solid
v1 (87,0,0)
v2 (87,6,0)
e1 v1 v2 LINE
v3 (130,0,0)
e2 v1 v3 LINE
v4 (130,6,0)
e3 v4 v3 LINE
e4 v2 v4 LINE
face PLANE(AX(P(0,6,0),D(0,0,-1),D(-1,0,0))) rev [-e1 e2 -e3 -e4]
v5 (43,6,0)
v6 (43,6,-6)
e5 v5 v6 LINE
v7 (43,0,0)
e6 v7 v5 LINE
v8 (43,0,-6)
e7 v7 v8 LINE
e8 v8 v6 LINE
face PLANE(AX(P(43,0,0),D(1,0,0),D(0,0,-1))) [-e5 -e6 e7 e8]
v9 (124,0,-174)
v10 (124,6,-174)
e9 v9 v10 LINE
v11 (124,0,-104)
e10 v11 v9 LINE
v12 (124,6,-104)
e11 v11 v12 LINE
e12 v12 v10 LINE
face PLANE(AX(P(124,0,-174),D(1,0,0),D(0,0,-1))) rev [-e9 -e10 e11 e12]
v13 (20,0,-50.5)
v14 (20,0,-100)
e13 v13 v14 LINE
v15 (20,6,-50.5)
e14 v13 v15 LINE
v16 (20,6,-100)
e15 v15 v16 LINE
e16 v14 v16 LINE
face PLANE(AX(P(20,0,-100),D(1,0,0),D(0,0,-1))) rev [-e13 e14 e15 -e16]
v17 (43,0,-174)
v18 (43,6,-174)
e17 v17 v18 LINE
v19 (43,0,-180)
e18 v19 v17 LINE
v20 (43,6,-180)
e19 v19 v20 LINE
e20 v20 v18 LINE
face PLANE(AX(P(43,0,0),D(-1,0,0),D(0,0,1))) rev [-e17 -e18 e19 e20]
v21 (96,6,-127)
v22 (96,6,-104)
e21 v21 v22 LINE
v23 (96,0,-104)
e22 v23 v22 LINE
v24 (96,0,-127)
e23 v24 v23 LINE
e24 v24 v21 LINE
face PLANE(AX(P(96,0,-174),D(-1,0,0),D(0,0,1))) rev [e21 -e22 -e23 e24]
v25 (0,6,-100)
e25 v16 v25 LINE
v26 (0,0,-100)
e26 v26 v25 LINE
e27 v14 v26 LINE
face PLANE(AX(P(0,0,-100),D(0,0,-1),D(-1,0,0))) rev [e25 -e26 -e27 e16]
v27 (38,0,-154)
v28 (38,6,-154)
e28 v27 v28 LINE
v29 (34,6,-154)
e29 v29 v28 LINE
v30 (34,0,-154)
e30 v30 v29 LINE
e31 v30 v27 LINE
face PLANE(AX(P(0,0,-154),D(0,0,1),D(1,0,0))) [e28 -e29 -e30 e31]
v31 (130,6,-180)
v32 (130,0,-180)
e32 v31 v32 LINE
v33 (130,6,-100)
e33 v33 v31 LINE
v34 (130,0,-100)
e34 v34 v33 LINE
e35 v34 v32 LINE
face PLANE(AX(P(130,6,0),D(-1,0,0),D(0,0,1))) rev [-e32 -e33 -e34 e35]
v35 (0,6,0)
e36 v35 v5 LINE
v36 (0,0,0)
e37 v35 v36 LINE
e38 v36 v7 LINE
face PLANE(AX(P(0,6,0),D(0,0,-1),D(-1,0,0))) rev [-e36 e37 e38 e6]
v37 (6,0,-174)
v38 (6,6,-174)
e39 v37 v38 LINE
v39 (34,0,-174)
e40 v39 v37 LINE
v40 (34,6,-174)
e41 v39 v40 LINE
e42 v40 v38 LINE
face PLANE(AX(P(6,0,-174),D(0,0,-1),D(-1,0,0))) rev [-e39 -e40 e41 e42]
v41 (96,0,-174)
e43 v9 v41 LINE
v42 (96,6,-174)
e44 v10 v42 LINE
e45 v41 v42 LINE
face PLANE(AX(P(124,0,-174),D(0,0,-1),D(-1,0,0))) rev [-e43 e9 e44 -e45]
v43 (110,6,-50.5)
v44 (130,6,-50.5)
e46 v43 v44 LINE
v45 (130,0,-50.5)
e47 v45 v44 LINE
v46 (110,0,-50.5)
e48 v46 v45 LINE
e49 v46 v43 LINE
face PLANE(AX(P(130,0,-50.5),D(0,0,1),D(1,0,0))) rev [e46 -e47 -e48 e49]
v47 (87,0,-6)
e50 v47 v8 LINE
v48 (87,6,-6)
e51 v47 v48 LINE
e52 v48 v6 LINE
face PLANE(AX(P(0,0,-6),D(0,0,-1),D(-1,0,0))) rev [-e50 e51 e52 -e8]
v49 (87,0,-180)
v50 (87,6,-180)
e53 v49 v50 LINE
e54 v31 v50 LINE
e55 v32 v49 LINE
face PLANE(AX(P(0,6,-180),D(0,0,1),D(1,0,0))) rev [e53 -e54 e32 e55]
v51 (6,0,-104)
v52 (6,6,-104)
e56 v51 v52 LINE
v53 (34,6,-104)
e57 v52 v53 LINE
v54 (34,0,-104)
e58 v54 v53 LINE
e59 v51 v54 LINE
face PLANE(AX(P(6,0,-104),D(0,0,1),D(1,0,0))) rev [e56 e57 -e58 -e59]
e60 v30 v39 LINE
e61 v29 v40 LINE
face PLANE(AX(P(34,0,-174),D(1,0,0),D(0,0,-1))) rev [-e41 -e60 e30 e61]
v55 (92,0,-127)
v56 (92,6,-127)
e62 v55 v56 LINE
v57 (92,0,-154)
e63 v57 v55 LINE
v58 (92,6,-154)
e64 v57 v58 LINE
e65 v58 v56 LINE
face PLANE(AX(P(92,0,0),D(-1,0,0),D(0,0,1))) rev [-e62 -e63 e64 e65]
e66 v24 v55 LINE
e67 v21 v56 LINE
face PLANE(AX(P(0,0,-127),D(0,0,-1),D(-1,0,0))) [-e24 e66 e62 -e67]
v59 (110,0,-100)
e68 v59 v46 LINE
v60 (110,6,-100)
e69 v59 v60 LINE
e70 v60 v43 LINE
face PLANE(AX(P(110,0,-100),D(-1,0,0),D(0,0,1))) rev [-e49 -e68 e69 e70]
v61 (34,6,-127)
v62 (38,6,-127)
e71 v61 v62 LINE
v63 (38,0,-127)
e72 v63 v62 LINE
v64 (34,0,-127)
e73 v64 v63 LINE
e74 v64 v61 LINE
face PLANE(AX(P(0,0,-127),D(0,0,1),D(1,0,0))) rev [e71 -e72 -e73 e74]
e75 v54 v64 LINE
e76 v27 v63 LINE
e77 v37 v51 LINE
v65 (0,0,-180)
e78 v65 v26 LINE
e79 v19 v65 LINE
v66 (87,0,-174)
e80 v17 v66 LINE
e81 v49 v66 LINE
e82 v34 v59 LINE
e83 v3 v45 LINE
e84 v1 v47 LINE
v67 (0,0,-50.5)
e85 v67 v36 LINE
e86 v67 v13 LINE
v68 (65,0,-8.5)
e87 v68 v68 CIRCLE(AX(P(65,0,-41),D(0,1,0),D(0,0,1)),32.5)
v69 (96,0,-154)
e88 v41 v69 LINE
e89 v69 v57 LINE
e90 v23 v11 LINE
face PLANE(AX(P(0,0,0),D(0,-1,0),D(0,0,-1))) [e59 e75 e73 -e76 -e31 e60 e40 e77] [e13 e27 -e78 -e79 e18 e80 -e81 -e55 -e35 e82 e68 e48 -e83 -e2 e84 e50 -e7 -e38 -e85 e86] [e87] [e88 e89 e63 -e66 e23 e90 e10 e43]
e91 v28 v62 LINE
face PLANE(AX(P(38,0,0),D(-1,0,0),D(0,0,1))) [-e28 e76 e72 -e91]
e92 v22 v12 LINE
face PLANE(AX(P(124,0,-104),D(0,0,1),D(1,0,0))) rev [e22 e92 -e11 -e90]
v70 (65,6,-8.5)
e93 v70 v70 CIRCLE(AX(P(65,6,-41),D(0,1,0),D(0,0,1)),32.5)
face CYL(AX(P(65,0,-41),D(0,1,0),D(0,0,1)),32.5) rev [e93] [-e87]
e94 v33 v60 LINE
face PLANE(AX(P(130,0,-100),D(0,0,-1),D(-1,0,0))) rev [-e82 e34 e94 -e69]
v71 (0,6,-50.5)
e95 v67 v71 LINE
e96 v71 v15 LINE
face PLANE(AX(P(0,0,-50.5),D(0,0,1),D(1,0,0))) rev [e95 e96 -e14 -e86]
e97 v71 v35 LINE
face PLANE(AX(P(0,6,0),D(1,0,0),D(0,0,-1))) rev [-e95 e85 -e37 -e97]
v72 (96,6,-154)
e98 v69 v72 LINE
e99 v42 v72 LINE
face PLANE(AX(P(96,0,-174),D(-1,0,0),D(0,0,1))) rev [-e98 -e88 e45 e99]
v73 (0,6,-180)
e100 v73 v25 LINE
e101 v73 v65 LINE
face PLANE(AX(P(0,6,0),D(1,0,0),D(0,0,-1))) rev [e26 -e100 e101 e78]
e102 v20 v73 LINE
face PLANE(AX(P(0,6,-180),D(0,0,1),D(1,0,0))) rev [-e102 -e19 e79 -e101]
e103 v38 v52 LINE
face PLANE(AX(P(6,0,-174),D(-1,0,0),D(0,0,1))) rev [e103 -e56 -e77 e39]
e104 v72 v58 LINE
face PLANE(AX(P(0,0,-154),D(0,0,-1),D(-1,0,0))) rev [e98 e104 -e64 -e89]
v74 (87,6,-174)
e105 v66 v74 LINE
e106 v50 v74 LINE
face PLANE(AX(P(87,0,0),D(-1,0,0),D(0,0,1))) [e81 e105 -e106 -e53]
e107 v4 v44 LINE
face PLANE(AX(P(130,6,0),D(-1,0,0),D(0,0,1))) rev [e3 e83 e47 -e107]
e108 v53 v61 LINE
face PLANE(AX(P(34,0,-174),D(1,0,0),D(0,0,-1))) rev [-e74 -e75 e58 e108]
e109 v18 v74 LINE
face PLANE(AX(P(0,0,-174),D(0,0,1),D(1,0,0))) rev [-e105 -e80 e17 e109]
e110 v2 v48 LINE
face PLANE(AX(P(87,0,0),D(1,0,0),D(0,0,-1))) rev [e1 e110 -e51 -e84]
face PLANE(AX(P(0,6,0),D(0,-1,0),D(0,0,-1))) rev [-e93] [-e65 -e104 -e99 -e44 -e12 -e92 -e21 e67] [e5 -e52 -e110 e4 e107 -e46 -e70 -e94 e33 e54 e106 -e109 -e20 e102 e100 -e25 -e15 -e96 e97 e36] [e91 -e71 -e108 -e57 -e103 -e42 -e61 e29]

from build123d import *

# Parameters (mm, degrees)
SKETCH1_W           = 130
SKETCH1_H           = 180
BOSS_EXTRUDE1_DEPTH = 6
SKETCH2_R           = 32.5
SKETCH2_W           = 28
SKETCH2_H           = 70
CUT_EXTRUDE2_DEPTH  = 6
SKETCH3_W           = 20
SKETCH3_H           = 49.5
CUT_EXTRUDE3_DEPTH  = 223.117086241
SKETCH4_W           = 44
SKETCH4_H           = 6
SKETCH4_W_2         = 4
SKETCH4_H_2         = 27
CUT_EXTRUDE4_DEPTH  = 223.117086241


with BuildPart() as part:
    # Sketch1 → Boss-Extrude1 (new body)
    with BuildSketch(Plane(origin=(0, 0, 0), x_dir=(1, 0, 0), z_dir=(0, 1, 0))):
        with Locations((65, 90)):
            Rectangle(SKETCH1_W, SKETCH1_H)
    extrude(amount=BOSS_EXTRUDE1_DEPTH)

    # Sketch2 → Cut-Extrude2 (cut)
    with BuildSketch(Plane(origin=(0, 6, 0), x_dir=(1, 0, 0), z_dir=(0, 1, 0))):
        with Locations(Location((65, 41, 0), (0, 0, 270))):
            Circle(SKETCH2_R)
        with Locations((20, 139)):
            Rectangle(SKETCH2_W, SKETCH2_H)
        with Locations((110, 139)):
            Rectangle(SKETCH2_W, SKETCH2_H)
    extrude(amount=-CUT_EXTRUDE2_DEPTH, mode=Mode.SUBTRACT)

    # Sketch3 → Cut-Extrude3 (cut, through all)
    with BuildSketch(Plane(origin=(0, 6, 0), x_dir=(1, 0, 0), z_dir=(0, 1, 0))):
        with Locations((120, 75.25)):
            Rectangle(SKETCH3_W, SKETCH3_H)
        with Locations((10, 75.25)):
            Rectangle(SKETCH3_W, SKETCH3_H)
    extrude(amount=-CUT_EXTRUDE3_DEPTH, mode=Mode.SUBTRACT)

    # Sketch4 → Cut-Extrude4 (cut, through all)
    with BuildSketch(Plane(origin=(0, 6, 0), x_dir=(1, 0, 0), z_dir=(0, 1, 0))):
        with Locations((65, 177)):
            Rectangle(SKETCH4_W, SKETCH4_H)
        with Locations((36, 140.5)):
            Rectangle(SKETCH4_W_2, SKETCH4_H_2)
        with Locations((94, 140.5)):
            Rectangle(SKETCH4_W_2, SKETCH4_H_2)
        with Locations((65, 3)):
            Rectangle(SKETCH4_W, SKETCH4_H)
    extrude(amount=-CUT_EXTRUDE4_DEPTH, mode=Mode.SUBTRACT)


solid = part.part
